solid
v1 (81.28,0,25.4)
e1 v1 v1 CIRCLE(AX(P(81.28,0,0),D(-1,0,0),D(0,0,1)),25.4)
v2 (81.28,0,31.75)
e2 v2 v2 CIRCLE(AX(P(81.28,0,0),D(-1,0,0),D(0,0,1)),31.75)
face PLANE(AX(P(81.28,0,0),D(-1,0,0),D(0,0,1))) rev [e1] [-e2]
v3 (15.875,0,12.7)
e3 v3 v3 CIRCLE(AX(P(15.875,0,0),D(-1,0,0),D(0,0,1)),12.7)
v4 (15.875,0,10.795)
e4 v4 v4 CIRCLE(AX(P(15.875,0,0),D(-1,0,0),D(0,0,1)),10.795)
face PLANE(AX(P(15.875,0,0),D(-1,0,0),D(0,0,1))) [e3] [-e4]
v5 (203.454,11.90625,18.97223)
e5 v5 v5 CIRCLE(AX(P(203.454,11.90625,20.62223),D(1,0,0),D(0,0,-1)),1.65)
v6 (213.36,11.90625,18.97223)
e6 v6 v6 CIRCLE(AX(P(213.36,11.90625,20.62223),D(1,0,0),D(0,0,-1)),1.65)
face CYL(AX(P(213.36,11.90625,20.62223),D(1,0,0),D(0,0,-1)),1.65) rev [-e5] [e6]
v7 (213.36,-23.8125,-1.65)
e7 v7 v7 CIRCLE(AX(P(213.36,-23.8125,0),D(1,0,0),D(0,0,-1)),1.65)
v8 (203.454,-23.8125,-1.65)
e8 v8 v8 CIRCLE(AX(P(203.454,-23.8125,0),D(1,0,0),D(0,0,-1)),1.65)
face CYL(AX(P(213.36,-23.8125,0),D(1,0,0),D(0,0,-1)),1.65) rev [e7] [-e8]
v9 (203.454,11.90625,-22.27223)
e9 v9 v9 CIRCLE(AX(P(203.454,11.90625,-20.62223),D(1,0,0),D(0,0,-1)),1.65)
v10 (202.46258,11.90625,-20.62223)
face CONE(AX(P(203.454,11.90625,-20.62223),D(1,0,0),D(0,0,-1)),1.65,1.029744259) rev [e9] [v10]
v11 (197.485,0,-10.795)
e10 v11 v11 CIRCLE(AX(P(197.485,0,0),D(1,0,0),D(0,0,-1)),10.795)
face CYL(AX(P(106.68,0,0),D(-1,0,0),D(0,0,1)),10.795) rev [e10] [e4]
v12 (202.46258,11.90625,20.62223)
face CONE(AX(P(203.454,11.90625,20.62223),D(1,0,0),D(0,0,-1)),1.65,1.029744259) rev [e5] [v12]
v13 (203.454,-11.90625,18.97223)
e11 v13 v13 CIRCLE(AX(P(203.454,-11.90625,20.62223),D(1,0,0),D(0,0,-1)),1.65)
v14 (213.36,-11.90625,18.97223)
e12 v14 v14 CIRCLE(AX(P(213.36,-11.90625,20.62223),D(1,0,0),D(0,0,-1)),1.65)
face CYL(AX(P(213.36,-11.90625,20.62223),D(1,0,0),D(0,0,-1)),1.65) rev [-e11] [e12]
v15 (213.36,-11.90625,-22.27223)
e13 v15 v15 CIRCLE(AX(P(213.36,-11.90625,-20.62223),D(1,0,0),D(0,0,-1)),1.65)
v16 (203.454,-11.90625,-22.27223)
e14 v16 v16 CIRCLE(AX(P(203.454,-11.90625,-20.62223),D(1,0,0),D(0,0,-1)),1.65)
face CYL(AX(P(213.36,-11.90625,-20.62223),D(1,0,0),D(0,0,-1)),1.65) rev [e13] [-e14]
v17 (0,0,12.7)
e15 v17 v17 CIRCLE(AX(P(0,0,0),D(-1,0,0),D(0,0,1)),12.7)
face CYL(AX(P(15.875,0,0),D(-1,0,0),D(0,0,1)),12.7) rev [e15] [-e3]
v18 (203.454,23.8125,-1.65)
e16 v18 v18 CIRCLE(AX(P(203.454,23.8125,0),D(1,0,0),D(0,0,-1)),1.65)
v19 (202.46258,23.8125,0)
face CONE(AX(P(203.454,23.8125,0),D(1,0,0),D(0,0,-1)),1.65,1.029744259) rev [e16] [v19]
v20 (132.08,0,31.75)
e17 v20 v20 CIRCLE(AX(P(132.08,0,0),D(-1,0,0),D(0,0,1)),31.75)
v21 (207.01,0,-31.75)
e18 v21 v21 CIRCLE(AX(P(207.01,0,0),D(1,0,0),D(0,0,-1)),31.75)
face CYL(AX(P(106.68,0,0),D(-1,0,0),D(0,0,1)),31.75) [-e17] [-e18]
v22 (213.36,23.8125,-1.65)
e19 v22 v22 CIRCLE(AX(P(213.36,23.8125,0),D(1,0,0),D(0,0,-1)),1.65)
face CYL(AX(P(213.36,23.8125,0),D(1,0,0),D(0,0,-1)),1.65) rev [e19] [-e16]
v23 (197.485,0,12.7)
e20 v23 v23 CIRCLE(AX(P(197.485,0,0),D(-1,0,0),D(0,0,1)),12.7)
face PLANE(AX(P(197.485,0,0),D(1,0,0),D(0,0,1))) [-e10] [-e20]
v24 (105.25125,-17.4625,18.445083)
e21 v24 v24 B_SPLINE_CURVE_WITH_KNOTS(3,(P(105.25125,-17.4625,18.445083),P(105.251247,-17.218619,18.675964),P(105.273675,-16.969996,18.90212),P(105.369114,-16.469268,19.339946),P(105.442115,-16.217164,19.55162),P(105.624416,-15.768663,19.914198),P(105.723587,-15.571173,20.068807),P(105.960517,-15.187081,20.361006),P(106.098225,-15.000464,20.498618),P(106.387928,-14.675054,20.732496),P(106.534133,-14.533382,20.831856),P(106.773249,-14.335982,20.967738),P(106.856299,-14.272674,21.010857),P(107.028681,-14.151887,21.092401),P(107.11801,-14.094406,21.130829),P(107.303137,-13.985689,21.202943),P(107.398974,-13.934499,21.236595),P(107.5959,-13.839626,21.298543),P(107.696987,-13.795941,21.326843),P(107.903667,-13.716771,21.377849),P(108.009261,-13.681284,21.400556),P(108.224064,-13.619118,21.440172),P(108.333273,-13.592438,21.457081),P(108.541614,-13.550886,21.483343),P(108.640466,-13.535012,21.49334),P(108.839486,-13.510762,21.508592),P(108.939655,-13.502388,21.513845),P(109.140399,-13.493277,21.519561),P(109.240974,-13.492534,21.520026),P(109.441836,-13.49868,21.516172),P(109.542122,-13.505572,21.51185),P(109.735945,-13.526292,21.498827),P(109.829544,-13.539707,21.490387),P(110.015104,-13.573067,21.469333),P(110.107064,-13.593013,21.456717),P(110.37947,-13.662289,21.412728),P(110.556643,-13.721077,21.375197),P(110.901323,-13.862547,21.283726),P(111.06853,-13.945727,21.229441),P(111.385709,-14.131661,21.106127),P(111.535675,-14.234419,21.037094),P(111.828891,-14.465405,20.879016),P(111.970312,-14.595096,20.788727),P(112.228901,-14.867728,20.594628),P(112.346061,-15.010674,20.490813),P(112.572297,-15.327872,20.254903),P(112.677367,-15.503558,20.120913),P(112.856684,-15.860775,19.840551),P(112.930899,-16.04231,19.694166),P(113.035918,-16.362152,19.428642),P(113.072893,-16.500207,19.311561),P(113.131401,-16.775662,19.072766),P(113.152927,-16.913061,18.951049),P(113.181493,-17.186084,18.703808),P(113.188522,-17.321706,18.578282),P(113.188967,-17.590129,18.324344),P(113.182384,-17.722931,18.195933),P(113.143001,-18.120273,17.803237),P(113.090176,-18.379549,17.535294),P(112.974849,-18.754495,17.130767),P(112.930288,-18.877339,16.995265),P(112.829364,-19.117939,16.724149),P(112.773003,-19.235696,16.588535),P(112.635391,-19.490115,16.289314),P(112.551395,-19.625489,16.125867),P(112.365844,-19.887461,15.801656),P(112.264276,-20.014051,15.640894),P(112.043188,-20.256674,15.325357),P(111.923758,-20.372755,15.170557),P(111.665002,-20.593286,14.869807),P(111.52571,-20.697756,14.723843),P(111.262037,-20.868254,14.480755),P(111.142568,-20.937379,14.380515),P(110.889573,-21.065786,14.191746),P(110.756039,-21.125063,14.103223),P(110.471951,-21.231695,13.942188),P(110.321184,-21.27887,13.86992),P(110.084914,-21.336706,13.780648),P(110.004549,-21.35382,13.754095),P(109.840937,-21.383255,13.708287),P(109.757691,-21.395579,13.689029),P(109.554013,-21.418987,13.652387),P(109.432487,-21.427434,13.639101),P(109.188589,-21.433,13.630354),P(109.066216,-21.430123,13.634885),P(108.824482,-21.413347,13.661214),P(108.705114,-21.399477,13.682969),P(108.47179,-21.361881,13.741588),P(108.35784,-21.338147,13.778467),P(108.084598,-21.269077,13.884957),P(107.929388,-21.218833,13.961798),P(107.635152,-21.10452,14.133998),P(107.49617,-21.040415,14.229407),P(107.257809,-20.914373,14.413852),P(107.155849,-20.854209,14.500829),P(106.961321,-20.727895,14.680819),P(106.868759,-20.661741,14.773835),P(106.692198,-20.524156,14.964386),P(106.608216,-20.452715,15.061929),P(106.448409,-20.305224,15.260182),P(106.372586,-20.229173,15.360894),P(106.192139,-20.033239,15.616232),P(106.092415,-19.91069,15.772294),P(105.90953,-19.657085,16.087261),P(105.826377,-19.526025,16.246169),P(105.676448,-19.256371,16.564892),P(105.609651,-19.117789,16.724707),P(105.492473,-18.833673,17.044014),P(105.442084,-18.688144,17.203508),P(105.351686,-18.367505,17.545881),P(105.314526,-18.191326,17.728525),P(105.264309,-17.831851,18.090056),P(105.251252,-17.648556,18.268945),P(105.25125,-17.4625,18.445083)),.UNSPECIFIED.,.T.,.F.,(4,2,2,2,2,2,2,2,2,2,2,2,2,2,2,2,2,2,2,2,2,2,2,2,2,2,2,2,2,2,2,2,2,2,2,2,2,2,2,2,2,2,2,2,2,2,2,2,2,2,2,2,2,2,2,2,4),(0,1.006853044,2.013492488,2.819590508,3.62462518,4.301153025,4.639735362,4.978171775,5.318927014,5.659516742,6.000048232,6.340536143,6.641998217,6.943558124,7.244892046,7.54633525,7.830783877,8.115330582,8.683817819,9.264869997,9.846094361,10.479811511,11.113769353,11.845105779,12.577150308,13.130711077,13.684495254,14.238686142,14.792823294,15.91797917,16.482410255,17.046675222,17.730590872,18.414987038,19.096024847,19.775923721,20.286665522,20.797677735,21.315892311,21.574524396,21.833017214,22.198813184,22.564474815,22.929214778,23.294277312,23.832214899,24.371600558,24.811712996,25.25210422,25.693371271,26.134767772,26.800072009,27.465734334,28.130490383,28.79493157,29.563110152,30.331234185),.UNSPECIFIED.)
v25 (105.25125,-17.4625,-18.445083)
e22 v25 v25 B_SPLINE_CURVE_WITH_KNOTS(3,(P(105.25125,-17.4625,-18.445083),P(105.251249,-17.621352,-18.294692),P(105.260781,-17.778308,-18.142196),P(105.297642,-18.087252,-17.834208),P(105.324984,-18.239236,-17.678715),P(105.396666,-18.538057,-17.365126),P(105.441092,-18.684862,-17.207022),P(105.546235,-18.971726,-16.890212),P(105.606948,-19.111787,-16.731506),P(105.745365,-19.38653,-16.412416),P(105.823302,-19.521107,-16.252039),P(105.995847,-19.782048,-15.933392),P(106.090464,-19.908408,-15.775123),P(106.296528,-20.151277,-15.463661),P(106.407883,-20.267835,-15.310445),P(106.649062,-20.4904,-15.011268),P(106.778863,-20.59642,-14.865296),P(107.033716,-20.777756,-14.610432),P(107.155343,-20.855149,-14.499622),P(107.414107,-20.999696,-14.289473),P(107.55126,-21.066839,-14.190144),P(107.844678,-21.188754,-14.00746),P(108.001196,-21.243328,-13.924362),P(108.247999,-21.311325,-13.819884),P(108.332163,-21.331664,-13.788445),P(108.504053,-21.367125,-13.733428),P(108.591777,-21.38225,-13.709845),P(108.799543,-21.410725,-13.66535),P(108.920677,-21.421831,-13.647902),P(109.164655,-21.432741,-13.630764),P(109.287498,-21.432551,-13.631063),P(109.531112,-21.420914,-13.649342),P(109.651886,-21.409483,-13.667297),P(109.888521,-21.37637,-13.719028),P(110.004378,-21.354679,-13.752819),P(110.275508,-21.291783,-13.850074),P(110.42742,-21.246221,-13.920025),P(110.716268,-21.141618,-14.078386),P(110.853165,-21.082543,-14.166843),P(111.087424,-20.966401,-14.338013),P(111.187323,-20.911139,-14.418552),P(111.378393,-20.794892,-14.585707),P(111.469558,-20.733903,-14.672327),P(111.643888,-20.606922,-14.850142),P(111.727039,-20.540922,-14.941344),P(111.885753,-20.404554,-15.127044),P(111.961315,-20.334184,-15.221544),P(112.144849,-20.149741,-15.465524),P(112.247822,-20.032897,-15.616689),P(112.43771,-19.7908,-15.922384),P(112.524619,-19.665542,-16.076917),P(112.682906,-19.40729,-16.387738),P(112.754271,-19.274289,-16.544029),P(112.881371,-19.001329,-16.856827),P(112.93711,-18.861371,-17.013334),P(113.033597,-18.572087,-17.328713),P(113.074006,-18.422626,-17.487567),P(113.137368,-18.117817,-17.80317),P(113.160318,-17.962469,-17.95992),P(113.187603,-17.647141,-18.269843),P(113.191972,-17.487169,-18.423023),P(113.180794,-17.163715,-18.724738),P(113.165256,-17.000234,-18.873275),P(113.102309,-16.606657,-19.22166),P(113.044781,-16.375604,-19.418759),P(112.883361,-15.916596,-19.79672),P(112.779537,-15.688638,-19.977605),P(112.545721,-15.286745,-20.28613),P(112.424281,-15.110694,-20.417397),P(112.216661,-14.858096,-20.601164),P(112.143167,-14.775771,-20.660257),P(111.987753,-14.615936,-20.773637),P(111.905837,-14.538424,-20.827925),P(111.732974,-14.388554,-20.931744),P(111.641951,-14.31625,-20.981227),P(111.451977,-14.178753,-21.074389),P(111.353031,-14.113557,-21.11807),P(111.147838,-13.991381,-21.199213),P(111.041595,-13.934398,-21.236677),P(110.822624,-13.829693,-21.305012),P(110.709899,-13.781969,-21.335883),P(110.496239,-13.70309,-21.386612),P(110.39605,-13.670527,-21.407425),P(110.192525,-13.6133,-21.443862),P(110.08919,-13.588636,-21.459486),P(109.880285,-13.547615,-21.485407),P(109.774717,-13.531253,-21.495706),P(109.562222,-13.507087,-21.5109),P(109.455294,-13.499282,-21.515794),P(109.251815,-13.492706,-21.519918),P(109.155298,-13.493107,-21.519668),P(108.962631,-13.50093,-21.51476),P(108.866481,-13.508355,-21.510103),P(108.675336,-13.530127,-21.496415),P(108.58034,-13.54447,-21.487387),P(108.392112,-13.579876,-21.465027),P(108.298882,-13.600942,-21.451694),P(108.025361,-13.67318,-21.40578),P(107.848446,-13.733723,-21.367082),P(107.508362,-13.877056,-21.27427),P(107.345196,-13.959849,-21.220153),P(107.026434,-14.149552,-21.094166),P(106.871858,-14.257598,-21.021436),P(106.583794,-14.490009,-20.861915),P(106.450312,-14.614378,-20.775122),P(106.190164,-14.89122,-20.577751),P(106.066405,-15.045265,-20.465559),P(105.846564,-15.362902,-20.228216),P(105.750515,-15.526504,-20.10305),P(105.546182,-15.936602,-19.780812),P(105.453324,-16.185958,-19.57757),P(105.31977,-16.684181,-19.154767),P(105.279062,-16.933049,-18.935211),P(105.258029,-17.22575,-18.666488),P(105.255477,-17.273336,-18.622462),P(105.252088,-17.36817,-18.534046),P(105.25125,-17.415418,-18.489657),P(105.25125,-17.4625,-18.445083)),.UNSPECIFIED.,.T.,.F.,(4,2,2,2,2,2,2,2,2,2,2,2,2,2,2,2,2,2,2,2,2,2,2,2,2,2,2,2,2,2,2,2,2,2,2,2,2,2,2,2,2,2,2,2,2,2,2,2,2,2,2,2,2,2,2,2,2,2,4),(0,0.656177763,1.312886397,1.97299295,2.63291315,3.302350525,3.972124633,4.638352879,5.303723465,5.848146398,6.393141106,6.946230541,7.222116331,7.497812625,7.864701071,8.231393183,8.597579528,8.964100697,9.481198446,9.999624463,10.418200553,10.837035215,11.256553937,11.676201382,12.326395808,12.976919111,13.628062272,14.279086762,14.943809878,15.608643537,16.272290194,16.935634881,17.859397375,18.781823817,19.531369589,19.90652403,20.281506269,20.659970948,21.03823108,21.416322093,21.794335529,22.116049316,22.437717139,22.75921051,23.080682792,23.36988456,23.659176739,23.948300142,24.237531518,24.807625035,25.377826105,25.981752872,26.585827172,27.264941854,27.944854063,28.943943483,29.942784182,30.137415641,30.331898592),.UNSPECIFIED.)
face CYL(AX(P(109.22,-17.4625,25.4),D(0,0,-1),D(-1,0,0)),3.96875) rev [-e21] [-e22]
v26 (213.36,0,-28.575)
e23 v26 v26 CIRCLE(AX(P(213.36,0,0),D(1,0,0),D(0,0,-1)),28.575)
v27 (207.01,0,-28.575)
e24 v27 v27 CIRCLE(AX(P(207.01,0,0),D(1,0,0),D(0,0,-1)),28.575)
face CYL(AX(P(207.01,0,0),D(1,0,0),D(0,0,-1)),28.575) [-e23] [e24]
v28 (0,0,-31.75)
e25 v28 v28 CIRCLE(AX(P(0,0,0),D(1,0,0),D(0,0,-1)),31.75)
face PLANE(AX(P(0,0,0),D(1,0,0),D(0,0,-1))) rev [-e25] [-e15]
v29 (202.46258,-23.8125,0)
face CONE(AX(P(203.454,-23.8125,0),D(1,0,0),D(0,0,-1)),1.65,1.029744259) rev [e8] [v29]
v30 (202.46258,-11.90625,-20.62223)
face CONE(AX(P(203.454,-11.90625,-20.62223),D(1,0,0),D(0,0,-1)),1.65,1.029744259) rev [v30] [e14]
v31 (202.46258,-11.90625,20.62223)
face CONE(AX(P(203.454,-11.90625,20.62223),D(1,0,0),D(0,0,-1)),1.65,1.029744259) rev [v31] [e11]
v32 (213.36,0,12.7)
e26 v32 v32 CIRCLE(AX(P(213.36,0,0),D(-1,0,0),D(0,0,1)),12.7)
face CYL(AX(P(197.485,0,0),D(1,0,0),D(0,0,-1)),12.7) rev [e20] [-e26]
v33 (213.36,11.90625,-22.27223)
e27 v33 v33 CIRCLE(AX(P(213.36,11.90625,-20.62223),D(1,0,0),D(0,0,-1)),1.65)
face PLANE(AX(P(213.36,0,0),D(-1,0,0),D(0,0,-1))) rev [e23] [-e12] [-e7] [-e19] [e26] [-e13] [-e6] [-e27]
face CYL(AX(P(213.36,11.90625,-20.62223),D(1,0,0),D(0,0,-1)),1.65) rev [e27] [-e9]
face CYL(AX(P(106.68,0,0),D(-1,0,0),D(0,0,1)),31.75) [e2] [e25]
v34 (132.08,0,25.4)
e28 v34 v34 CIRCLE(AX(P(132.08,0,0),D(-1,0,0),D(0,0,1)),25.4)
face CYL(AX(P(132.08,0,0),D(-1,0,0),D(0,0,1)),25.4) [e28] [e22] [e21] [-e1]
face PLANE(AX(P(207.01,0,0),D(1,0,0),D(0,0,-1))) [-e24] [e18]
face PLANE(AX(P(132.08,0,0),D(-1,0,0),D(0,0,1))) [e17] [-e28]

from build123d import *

# Parameters (mm, degrees)
SKETCH1_R                 = 31.75
SKETCH1_R_2               = 10.795
BOSS_EXTRUDE1_DEPTH       = 106.68
SKETCH2_R                 = 12.7
CUT_EXTRUDE1_DEPTH        = 15.875
CUT_EXTRUDE2_START        = -81.28
SKETCH3_OUTSIDE_W         = 111.798
SKETCH3_OUTSIDE_H         = 111.798
SKETCH3_OUTSIDE_R         = 25.4
CUT_EXTRUDE2_DEPTH        = 50.8
CUT_EXTRUDE3_DEPTH        = 25.4
CUT_EXTRUDE3_DEPTH_BACK   = 25.4
SKETCH5_R                 = 3.96875
M4X0_7_TAPPED_HOLE1_D     = 3.3
M4X0_7_TAPPED_HOLE1_DEPTH = 9.906
M4X0_7_TAPPED_HOLE1_TIP   = 0.991420021
SKETCH11_OUTSIDE_W        = 111.798
SKETCH11_OUTSIDE_H        = 111.798
SKETCH11_OUTSIDE_R        = 28.575
CUT_EXTRUDE4_DEPTH        = 6.35


with BuildPart() as part:
    # Sketch1 → Boss-Extrude1 (new body)
    with BuildSketch(Plane(origin=(0, 0, 0), x_dir=(0, 0, -1), z_dir=(1, 0, 0))):
        Circle(SKETCH1_R)
        Circle(SKETCH1_R_2, mode=Mode.SUBTRACT)
    boss_extrude1 = extrude(amount=BOSS_EXTRUDE1_DEPTH)

    # Sketch2 → Cut-Extrude1 (cut)
    with BuildSketch(Plane.ZY):
        Circle(SKETCH2_R)
    cut_extrude1 = extrude(amount=-CUT_EXTRUDE1_DEPTH, mode=Mode.SUBTRACT)

    # Mirror1: Boss-Extrude1, Cut-Extrude1 across plane
    add(boss_extrude1.mirror(Plane(origin=(106.68, 0, 0), x_dir=(0, 0, 1), z_dir=(1, 0, 0))))
    add(cut_extrude1.mirror(Plane(origin=(106.68, 0, 0), x_dir=(0, 0, 1), z_dir=(1, 0, 0))), mode=Mode.SUBTRACT)

    # Sketch3 outside → Cut-Extrude2 (cut)
    with BuildSketch(Plane.ZY.offset(CUT_EXTRUDE2_START)):
        Rectangle(SKETCH3_OUTSIDE_W, SKETCH3_OUTSIDE_H)
        Circle(SKETCH3_OUTSIDE_R, mode=Mode.SUBTRACT)
    extrude(amount=-CUT_EXTRUDE2_DEPTH, mode=Mode.SUBTRACT)

    # Sketch5 → Cut-Extrude3 (cut, two sides: drawn at the far end of the back side and taken through both)
    with BuildSketch(Plane.XY.offset(-CUT_EXTRUDE3_DEPTH_BACK)):
        with Locations((109.22, -17.4625)):
            Circle(SKETCH5_R)
    extrude(amount=CUT_EXTRUDE3_DEPTH + CUT_EXTRUDE3_DEPTH_BACK, mode=Mode.SUBTRACT)

    # M4x0.7 Tapped Hole1
    with Locations(Plane(origin=(213.36, 0, 0), x_dir=(0, 0, -1), z_dir=(1, 0, 0))):
        with Locations((20.622229928, -11.90625), (0, -23.8125), (20.622229928, 11.90625), (0, 23.8125), (-20.622229928, 11.90625), (-20.622229928, -11.90625)):
            Hole(M4X0_7_TAPPED_HOLE1_D / 2, depth=M4X0_7_TAPPED_HOLE1_DEPTH)
            with Locations((0, 0, -(M4X0_7_TAPPED_HOLE1_DEPTH + M4X0_7_TAPPED_HOLE1_TIP / 2))):  # 118° drill point
                Cone(0, M4X0_7_TAPPED_HOLE1_D / 2, M4X0_7_TAPPED_HOLE1_TIP, mode=Mode.SUBTRACT)

    # Sketch11 outside → Cut-Extrude4 (cut)
    with BuildSketch(Plane(origin=(213.36, 0, 0), x_dir=(0, 0, -1), z_dir=(1, 0, 0))):
        Rectangle(SKETCH11_OUTSIDE_W, SKETCH11_OUTSIDE_H)
        Circle(SKETCH11_OUTSIDE_R, mode=Mode.SUBTRACT)
    extrude(amount=-CUT_EXTRUDE4_DEPTH, mode=Mode.SUBTRACT)


solid = part.part
